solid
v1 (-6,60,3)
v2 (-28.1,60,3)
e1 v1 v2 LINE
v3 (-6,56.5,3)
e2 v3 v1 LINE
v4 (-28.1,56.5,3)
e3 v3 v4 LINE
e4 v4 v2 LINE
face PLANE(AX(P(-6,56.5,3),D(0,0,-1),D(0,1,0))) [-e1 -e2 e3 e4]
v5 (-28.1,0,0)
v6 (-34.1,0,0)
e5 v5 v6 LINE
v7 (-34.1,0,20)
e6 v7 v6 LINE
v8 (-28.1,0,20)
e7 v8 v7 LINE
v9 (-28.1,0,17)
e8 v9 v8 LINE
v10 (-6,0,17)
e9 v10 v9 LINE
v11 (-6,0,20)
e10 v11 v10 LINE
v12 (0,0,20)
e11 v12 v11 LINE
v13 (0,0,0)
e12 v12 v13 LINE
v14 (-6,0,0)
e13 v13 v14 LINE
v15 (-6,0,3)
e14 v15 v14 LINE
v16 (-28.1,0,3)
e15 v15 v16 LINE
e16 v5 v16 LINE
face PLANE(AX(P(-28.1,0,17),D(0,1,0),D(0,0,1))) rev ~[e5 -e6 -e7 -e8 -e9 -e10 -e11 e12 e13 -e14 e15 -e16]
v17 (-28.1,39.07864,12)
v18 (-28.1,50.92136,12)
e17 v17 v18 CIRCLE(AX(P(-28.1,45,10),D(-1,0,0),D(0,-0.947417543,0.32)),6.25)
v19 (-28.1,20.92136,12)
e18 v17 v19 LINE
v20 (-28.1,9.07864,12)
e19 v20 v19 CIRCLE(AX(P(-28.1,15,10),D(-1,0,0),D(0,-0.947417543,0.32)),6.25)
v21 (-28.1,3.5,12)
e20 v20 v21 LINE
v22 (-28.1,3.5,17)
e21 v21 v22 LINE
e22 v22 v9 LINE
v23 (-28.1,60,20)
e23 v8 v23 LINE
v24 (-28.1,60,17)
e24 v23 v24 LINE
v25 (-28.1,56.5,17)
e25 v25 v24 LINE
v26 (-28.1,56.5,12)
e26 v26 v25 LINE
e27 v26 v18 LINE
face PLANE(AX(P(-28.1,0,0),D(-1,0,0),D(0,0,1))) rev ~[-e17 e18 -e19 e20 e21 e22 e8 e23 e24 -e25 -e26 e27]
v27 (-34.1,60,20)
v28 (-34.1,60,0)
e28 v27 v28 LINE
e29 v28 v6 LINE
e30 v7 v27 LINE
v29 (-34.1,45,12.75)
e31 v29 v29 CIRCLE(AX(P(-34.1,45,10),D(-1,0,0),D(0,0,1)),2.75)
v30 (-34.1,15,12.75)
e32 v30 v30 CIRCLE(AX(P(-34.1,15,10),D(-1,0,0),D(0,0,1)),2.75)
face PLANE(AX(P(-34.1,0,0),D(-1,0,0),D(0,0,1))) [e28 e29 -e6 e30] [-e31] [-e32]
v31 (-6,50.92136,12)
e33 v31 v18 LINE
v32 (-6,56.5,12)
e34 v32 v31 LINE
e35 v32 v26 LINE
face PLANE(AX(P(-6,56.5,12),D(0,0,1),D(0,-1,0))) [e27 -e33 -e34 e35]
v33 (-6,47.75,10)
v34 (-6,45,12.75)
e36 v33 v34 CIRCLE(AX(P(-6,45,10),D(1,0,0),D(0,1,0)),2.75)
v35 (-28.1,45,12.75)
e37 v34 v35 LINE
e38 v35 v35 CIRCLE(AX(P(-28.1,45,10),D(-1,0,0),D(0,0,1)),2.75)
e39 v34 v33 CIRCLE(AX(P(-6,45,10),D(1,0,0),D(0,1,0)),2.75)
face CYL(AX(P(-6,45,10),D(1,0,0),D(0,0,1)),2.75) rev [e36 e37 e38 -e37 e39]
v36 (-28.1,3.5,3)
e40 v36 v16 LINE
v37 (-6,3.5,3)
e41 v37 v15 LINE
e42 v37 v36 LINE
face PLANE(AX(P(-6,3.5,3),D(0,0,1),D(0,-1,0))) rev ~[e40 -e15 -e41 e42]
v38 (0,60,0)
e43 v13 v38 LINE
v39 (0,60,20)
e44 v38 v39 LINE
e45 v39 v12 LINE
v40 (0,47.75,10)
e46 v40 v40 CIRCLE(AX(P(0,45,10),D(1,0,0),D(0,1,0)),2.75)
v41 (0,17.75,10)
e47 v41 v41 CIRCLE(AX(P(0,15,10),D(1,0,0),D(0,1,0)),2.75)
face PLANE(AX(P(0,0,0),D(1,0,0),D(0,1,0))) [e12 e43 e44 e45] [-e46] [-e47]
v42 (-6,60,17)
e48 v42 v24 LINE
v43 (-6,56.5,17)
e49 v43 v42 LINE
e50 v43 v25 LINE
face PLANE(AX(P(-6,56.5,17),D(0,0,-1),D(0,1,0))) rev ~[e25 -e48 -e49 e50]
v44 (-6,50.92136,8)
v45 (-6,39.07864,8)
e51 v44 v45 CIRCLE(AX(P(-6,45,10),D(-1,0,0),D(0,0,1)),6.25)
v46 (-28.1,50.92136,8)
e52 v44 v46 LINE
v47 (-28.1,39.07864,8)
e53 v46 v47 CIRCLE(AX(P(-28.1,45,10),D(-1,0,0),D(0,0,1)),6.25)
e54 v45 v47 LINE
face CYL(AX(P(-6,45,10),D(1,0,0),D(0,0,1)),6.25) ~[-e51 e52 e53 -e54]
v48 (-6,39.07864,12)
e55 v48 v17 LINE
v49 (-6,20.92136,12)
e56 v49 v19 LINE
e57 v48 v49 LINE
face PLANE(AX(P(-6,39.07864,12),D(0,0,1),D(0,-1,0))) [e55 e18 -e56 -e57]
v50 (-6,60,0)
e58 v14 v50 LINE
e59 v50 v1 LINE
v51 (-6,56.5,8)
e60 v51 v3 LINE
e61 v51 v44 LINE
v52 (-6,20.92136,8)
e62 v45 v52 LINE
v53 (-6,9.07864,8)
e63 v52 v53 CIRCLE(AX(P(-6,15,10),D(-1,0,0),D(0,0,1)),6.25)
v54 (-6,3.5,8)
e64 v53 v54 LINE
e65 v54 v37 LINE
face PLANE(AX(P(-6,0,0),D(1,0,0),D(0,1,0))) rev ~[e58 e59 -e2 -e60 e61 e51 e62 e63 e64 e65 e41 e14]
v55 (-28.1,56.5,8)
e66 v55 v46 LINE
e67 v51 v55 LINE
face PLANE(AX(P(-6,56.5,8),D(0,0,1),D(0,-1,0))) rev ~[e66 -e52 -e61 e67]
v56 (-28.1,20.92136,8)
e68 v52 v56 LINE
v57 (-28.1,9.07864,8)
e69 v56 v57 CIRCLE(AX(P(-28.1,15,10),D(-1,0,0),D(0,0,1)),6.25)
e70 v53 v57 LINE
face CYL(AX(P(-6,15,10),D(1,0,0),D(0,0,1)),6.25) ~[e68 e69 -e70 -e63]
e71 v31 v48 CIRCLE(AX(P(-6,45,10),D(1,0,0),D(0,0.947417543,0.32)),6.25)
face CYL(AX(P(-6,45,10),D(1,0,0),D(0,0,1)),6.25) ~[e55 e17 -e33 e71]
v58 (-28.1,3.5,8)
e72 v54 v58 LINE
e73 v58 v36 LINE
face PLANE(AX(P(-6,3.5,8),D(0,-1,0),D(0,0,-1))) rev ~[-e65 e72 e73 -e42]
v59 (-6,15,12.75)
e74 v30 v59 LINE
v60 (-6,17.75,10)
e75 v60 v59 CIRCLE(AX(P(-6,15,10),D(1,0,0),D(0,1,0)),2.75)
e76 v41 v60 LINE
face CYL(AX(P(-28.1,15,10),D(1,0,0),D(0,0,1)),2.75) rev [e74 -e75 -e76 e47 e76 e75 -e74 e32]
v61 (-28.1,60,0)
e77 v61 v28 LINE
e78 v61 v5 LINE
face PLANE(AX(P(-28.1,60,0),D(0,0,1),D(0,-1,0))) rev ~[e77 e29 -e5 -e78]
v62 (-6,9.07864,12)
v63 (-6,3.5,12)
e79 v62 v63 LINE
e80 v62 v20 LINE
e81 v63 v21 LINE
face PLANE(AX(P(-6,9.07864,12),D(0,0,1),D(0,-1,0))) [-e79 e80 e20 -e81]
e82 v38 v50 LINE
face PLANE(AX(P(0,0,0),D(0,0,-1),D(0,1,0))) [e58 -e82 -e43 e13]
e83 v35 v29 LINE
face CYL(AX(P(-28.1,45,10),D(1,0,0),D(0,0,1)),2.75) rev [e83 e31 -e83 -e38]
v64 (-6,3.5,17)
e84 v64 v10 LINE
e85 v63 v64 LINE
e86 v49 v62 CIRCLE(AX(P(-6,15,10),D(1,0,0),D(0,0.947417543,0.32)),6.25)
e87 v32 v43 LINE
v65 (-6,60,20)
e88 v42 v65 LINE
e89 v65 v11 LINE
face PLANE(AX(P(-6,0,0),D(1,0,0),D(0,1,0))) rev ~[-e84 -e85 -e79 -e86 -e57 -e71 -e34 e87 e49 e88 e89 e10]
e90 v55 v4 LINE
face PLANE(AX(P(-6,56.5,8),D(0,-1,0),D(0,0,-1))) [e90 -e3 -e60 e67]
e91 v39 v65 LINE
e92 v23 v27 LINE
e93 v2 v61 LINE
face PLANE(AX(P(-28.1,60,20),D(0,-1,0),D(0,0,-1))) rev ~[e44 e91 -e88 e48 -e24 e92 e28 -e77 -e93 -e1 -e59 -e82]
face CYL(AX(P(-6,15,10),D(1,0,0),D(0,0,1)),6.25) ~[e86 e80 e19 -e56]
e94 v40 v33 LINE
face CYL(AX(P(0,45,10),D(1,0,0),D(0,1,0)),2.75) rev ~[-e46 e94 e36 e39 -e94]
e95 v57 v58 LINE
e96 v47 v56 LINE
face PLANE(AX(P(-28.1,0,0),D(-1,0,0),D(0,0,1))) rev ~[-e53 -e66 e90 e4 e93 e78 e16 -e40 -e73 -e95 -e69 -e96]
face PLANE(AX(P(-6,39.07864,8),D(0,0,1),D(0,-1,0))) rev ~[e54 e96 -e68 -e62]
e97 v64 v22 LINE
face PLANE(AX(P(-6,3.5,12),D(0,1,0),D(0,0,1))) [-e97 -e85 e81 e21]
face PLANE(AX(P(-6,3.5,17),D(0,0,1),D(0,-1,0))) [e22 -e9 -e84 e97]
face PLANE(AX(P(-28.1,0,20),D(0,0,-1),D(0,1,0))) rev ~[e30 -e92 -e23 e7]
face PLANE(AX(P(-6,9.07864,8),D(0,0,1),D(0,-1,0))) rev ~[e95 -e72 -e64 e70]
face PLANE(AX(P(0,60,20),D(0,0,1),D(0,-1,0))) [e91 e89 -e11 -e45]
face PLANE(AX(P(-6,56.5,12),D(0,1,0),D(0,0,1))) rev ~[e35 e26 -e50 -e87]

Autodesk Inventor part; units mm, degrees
ref_plane "YZ Plane" through (0, 0, 0) normal (1, 0, 0) x (0, 1, 0)
ref_plane "XZ Plane" through (0, 0, 0) normal (0, 1, 0) x (-1, 0, 0)
ref_plane "XY Plane" through (0, 0, 0) normal (0, 0, 1) x (1, 0, 0)
sketch "Sketch1" plane through (0, 0, 0) normal (1, 0, 0) x (0, 1, 0)
  line L0 (0, 0) -> (60, 0)
  line L1 (60, 0) -> (60, 20)
  line L2 (60, 20) -> (0, 20)
  line L3 (0, 20) -> (0, 0)
  line L4 (60, 10) -> (0, 10) construction
  line L5 (60, 10) -> (30, 10) construction
  line L6 (30, 10) -> (0, 10) construction
  circle A0 centre (45, 10) radius 2.75
  circle A1 centre (15, 10) radius 2.75
  dimension "d0" = 60
  dimension "d1" = 20
  dimension "d2" = 5.5
  dimension "d3" = 5.5
extrude "Extrusion1" add sketch "Sketch1" against normal blind 6
sketch "Sketch2" plane through (-6, 0, 0) normal (-1, 0, 0) x (0, 0, 1)
  circle A0 centre (10, 45) radius 2.75 projected
  circle A1 centre (10, 15) radius 2.75 projected
  circle A2 centre (10, 45) radius 6.25
  circle A3 centre (10, 15) radius 6.25
  line L0 (20, 60) -> (0, 60) projected
  line L1 (12, 60) -> (12, 0)
  line L2 (8, 60) -> (8, 0)
  line L3 (0, 0) -> (20, 0) projected
  line L4 (0, 60) -> (0, 0) projected
  line L5 (20, 0) -> (20, 60) projected
  line L6 (12, 56.5) -> (17, 56.5)
  line L7 (17, 56.5) -> (17, 60)
  line L8 (8, 56.5) -> (3, 56.5)
  line L9 (3, 56.5) -> (3, 60)
  line L10 (8, 3.5) -> (3, 3.5)
  line L11 (3, 3.5) -> (3, 0)
  line L12 (12, 3.5) -> (17, 3.5)
  line L13 (17, 3.5) -> (17, 0)
  point P0 (12, 39.0786)
  point P1 (12, 50.9214)
  point P2 (8, 50.9214)
  point P3 (8, 39.0786)
  point P4 (8, 20.9214)
  point P5 (8, 9.0786)
  point P6 (12, 9.0786)
  point P7 (12, 20.9214)
  dimension "d6" = 3.5
  dimension "d7" = 8
  dimension "d8" = 8
  dimension "d9" = 3.5
  dimension "d10" = 3.5
  dimension "d11" = 3.5
  dimension "d16" = 3.5
extrude "Extrusion2" add sketch "Sketch2" along normal blind 22.1 contours A0 L1 A2 | A0 L2 A2 L1 | L1 A2 L2 A0 | A0 L2 A2 | A2 L2 L0 L1 | L1 A3 L2 A2 | L1 L0 L7 L6 | L1 A1 L2 A3 | A3 L1 A1 | L8 L9 L0 L2 | L2 A1 A3 | L2 A1 L1 A3 | A3 L1 L3 L2 | L2 L3 L11 L10 | L12 L13 L3 L1
sketch "Sketch3" plane through (-28.1, 0, 0) normal (-1, 0, 0) x (0, 0, 1)
  circle A0 centre (10, 45) radius 2.75 projected
  circle A1 centre (10, 15) radius 2.75 projected
  line L0 (20, 0) -> (20, 60) projected
  line L1 (17, 0) -> (20, 0) projected
  line L2 (3, 0) -> (17, 0) projected
  line L3 (0, 0) -> (3, 0) projected
  line L4 (0, 60) -> (0, 0) projected
  line L5 (3, 60) -> (0, 60) projected
  line L6 (17, 60) -> (3, 60) projected
  line L7 (20, 60) -> (17, 60) projected
extrude "Extrusion3" add sketch "Sketch3" along normal blind 6
equation "\"d3\" = d2"
equation "\"d16\" = d6"
properties part number "X Axis Belt and V Wheel Plate Spacer"
